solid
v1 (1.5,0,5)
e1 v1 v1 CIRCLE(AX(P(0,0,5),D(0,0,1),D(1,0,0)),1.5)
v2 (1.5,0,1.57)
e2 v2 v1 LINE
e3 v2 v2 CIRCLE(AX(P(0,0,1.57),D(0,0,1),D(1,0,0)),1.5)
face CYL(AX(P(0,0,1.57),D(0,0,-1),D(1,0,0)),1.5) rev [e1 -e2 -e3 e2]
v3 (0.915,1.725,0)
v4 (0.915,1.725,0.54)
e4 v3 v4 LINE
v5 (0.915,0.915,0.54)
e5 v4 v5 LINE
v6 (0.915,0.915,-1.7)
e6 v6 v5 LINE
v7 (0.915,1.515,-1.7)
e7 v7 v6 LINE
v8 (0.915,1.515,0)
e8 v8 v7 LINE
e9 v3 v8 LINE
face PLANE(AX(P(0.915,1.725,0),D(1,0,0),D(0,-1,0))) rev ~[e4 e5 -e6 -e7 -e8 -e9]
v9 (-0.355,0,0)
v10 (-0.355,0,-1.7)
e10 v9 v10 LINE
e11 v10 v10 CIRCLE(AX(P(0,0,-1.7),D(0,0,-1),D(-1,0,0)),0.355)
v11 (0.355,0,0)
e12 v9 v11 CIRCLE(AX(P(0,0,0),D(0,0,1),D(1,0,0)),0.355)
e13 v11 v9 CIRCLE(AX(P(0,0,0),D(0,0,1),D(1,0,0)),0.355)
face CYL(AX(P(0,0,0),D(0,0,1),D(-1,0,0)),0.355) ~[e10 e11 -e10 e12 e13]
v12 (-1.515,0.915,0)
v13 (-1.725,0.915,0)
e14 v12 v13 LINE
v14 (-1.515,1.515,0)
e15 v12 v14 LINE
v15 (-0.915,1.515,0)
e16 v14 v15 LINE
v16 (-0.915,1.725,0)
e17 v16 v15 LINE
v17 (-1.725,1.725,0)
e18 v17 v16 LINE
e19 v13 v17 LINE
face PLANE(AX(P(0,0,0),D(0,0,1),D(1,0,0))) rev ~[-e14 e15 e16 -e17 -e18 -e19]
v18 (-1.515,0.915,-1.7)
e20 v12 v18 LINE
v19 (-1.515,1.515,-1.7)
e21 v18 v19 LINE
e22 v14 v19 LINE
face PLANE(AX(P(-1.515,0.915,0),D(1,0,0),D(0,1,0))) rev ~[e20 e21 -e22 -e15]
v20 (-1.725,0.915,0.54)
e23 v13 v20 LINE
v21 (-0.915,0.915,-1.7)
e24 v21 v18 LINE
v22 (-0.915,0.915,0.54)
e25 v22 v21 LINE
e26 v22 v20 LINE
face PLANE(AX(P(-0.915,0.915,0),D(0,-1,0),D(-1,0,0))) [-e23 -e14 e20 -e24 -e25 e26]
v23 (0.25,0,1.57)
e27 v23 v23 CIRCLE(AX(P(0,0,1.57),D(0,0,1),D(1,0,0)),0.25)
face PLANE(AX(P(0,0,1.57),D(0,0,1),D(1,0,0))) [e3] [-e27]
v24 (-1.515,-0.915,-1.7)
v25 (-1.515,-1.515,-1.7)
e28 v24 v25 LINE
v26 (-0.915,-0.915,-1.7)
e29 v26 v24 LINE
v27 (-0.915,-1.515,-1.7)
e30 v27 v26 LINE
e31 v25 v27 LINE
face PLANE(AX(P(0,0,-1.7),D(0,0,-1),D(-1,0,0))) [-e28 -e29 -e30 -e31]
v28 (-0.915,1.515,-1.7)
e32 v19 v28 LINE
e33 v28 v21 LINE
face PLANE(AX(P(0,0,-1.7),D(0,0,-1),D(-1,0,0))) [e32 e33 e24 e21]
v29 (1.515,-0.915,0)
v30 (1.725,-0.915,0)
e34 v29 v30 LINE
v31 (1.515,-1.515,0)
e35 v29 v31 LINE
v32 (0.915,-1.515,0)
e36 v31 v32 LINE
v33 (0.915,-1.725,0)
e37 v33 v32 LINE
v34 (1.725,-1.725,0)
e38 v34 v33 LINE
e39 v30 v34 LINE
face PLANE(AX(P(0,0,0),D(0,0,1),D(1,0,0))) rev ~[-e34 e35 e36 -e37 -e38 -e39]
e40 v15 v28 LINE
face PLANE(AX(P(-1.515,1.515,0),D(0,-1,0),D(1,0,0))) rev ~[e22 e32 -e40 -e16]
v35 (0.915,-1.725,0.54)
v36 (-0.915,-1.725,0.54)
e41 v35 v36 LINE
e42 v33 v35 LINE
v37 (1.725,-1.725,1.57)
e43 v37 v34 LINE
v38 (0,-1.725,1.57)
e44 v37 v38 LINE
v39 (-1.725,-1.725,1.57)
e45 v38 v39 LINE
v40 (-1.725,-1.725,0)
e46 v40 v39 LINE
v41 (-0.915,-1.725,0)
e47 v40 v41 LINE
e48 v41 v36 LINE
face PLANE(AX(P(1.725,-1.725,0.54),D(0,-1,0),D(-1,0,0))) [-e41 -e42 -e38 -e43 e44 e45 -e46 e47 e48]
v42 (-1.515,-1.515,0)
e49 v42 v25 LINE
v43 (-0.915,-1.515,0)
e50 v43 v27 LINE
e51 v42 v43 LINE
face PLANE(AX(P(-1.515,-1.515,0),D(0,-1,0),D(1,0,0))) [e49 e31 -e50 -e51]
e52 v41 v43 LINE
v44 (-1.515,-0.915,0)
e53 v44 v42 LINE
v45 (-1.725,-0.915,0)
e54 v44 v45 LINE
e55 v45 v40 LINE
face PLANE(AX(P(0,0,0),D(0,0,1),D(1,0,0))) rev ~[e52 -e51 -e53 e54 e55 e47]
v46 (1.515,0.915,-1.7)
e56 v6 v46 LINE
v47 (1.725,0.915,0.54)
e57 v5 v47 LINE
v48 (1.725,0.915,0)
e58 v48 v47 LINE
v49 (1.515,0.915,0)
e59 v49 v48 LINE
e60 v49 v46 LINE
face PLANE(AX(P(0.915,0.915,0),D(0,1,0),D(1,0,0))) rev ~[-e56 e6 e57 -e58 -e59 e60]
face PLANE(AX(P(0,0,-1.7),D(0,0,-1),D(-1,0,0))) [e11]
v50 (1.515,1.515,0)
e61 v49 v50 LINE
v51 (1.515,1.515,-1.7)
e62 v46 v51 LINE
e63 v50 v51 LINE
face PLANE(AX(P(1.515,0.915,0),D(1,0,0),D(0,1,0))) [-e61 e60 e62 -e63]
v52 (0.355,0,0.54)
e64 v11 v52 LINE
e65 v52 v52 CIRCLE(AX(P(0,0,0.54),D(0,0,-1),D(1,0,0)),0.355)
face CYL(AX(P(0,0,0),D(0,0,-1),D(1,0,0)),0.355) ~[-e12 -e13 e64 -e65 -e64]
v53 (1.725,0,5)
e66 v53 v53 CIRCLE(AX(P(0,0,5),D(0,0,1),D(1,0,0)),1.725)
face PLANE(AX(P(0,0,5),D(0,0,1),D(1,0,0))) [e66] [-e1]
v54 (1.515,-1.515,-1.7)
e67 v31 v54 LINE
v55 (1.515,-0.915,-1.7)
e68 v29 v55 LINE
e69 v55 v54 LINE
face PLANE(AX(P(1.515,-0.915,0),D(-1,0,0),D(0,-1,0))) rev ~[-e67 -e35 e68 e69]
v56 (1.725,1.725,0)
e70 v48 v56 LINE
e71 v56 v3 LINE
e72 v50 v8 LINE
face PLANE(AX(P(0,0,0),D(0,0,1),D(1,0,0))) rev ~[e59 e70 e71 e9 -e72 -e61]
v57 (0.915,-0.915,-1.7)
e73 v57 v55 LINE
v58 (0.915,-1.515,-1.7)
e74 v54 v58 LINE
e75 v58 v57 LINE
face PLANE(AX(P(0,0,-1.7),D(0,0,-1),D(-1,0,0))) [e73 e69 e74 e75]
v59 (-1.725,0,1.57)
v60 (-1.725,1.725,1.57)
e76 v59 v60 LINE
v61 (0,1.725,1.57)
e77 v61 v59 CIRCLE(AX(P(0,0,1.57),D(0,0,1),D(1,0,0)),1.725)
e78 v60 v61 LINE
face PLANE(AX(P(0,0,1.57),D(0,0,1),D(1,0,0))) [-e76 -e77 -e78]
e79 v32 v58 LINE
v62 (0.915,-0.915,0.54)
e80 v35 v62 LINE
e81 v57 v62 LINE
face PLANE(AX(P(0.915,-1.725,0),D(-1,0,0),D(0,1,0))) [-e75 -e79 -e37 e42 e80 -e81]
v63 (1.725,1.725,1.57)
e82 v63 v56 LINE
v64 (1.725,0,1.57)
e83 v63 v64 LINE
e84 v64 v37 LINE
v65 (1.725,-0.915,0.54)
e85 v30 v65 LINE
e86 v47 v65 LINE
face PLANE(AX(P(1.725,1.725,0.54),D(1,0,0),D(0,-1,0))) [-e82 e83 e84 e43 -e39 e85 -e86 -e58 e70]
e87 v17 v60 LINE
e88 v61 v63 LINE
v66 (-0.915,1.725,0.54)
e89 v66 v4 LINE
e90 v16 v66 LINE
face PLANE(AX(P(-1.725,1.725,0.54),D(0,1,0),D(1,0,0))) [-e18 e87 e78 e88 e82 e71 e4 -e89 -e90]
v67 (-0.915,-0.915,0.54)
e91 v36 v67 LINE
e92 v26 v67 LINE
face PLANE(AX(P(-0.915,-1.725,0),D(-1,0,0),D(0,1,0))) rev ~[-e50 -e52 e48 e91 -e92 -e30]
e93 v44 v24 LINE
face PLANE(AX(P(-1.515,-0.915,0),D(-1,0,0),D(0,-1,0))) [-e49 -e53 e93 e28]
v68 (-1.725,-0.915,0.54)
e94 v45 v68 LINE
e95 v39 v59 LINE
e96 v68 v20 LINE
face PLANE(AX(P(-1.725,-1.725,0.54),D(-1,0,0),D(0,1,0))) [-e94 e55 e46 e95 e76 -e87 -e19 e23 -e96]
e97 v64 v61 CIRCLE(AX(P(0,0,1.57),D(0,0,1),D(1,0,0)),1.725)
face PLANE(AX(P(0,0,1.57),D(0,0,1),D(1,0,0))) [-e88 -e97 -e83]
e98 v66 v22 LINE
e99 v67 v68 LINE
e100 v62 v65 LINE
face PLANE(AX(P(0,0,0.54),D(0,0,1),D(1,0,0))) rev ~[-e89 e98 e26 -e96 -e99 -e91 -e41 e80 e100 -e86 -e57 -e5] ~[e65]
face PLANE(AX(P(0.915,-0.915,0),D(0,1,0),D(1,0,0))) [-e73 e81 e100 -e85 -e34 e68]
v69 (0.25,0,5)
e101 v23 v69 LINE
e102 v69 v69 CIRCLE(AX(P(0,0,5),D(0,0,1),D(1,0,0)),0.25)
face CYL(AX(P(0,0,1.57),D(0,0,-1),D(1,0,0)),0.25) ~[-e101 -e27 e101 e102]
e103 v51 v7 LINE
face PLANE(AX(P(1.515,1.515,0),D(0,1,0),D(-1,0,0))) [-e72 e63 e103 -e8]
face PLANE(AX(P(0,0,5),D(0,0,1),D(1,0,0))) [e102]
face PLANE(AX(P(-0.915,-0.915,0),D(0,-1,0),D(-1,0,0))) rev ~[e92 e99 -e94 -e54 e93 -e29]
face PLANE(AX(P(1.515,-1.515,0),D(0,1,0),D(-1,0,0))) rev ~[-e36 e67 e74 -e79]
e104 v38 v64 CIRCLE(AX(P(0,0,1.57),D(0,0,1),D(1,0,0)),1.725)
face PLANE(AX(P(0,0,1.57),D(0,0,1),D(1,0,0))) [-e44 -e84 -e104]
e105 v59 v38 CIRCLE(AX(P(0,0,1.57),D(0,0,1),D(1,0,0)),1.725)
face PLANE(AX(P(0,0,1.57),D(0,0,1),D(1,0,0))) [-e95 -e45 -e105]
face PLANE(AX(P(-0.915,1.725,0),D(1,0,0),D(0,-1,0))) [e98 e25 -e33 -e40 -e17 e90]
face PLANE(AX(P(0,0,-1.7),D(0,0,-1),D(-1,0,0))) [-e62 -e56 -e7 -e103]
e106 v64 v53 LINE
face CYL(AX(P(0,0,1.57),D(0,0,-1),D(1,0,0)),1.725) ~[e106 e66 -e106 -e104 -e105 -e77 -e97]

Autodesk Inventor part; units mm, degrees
ref_plane "YZ Plane" through (0, 0, 0) normal (1, 0, 0) x (0, 1, 0)
ref_plane "XZ Plane" through (0, 0, 0) normal (0, 1, 0) x (-1, 0, 0)
sketch "Sketch1" plane through (0, 0, 0) normal (0, 0, 1) x (1, 0, 0)
  line L0 (0, 0) -> (0.4099, 0)
  line L1 (0, 0) -> (0, 0.6993)
  circle A0 centre (0, 0) radius 0.355
  line L2 (-1.725, 1.725) -> (1.725, 1.725) construction
  line L3 (1.725, 1.725) -> (1.725, -1.725) construction
  line L4 (1.725, -1.725) -> (-1.725, -1.725) construction
  line L5 (-1.725, -1.725) -> (-1.725, 1.725) construction
  line L6 (-1.725, 1.725) -> (-0.915, 1.725)
  line L7 (-0.915, 1.725) -> (-0.915, 0.915)
  line L8 (-0.915, 0.915) -> (-1.725, 0.915)
  line L9 (-1.725, 0.915) -> (-1.725, 1.725)
  line L10 (-1.725, -1.725) -> (-0.915, -1.725)
  line L11 (-0.915, -1.725) -> (-0.915, -0.915)
  line L12 (-0.915, -0.915) -> (-1.725, -0.915)
  line L13 (-1.725, -0.915) -> (-1.725, -1.725)
  line L14 (1.725, -1.725) -> (0.915, -1.725)
  line L15 (0.915, -1.725) -> (0.915, -0.915)
  line L16 (0.915, -0.915) -> (1.725, -0.915)
  line L17 (1.725, -0.915) -> (1.725, -1.725)
  line L18 (1.725, 1.725) -> (0.915, 1.725)
  line L19 (0.915, 1.725) -> (0.915, 0.915)
  line L20 (0.915, 0.915) -> (1.725, 0.915)
  line L21 (1.725, 0.915) -> (1.725, 1.725)
  dimension "d25" = 3.45
  dimension "d26" = 3.45
  dimension "d27" = 0.81
  dimension "d28" = 0.71
extrude "Extrusion1" add sketch "Sketch1" along normal blind 0.54
ref_plane "Work Plane2" through (0, 0, 0.54) normal (0, 0, 1) x (1, 0, 0)
sketch "Sketch2" plane through (0, 0, 0.54) normal (0, 0, 1) x (1, 0, 0)
  line L0 (-1.725, 1.725) -> (1.725, 1.725)
  line L1 (1.725, 1.725) -> (1.725, -1.725)
  line L2 (1.725, -1.725) -> (-1.725, -1.725)
  line L3 (-1.725, -1.725) -> (-1.725, 1.725)
  line L4 (0, 0) -> (0.4406, 0)
  line L5 (0, 0) -> (0, 0.4944)
extrude "Extrusion2" add sketch "Sketch2" along normal blind 1.03
sketch "Sketch3" plane through (0, 0, 1.57) normal (0, 0, 1) x (1, 0, 0)
  circle A0 centre (0, 0) radius 1.725
  circle A1 centre (0, 0) radius 1.5
  circle A2 centre (0, 0) radius 0.25
  dimension "d20" = 0.5
  dimension "d21" = 3.45
  dimension "d22" = 3
extrude "Extrusion3" add sketch "Sketch3" along normal blind 3.43
sketch "Sketch4" plane through (0, 0, 0) normal (0, 0, -1) x (-1, 0, 0)
  circle A0 centre (0, 0) radius 0.355 projected
  circle A1 centre (0, 0) radius 0.355
  line L0 (-0.915, 0.915) -> (-1.515, 0.915)
  line L1 (-1.515, 0.915) -> (-1.515, 1.515)
  line L2 (-1.515, 1.515) -> (-0.915, 1.515)
  line L3 (-0.915, 1.515) -> (-0.915, 0.915)
  line L4 (0.915, 0.915) -> (1.515, 0.915)
  line L5 (1.515, 0.915) -> (1.515, 1.515)
  line L6 (1.515, 1.515) -> (0.915, 1.515)
  line L7 (0.915, 1.515) -> (0.915, 0.915)
  line L8 (0.915, -0.915) -> (1.515, -0.915)
  line L9 (1.515, -0.915) -> (1.515, -1.515)
  line L10 (1.515, -1.515) -> (0.915, -1.515)
  line L11 (0.915, -1.515) -> (0.915, -0.915)
  line L12 (-0.915, -0.915) -> (-1.515, -0.915)
  line L13 (-1.515, -0.915) -> (-1.515, -1.515)
  line L14 (-1.515, -1.515) -> (-0.915, -1.515)
  line L15 (-0.915, -1.515) -> (-0.915, -0.915)
  dimension "d29" = 0.6
extrude "Extrusion4" add sketch "Sketch4" along normal blind 1.7
properties part number "MMCX_thru" material "Brass, Soft Yellow"
